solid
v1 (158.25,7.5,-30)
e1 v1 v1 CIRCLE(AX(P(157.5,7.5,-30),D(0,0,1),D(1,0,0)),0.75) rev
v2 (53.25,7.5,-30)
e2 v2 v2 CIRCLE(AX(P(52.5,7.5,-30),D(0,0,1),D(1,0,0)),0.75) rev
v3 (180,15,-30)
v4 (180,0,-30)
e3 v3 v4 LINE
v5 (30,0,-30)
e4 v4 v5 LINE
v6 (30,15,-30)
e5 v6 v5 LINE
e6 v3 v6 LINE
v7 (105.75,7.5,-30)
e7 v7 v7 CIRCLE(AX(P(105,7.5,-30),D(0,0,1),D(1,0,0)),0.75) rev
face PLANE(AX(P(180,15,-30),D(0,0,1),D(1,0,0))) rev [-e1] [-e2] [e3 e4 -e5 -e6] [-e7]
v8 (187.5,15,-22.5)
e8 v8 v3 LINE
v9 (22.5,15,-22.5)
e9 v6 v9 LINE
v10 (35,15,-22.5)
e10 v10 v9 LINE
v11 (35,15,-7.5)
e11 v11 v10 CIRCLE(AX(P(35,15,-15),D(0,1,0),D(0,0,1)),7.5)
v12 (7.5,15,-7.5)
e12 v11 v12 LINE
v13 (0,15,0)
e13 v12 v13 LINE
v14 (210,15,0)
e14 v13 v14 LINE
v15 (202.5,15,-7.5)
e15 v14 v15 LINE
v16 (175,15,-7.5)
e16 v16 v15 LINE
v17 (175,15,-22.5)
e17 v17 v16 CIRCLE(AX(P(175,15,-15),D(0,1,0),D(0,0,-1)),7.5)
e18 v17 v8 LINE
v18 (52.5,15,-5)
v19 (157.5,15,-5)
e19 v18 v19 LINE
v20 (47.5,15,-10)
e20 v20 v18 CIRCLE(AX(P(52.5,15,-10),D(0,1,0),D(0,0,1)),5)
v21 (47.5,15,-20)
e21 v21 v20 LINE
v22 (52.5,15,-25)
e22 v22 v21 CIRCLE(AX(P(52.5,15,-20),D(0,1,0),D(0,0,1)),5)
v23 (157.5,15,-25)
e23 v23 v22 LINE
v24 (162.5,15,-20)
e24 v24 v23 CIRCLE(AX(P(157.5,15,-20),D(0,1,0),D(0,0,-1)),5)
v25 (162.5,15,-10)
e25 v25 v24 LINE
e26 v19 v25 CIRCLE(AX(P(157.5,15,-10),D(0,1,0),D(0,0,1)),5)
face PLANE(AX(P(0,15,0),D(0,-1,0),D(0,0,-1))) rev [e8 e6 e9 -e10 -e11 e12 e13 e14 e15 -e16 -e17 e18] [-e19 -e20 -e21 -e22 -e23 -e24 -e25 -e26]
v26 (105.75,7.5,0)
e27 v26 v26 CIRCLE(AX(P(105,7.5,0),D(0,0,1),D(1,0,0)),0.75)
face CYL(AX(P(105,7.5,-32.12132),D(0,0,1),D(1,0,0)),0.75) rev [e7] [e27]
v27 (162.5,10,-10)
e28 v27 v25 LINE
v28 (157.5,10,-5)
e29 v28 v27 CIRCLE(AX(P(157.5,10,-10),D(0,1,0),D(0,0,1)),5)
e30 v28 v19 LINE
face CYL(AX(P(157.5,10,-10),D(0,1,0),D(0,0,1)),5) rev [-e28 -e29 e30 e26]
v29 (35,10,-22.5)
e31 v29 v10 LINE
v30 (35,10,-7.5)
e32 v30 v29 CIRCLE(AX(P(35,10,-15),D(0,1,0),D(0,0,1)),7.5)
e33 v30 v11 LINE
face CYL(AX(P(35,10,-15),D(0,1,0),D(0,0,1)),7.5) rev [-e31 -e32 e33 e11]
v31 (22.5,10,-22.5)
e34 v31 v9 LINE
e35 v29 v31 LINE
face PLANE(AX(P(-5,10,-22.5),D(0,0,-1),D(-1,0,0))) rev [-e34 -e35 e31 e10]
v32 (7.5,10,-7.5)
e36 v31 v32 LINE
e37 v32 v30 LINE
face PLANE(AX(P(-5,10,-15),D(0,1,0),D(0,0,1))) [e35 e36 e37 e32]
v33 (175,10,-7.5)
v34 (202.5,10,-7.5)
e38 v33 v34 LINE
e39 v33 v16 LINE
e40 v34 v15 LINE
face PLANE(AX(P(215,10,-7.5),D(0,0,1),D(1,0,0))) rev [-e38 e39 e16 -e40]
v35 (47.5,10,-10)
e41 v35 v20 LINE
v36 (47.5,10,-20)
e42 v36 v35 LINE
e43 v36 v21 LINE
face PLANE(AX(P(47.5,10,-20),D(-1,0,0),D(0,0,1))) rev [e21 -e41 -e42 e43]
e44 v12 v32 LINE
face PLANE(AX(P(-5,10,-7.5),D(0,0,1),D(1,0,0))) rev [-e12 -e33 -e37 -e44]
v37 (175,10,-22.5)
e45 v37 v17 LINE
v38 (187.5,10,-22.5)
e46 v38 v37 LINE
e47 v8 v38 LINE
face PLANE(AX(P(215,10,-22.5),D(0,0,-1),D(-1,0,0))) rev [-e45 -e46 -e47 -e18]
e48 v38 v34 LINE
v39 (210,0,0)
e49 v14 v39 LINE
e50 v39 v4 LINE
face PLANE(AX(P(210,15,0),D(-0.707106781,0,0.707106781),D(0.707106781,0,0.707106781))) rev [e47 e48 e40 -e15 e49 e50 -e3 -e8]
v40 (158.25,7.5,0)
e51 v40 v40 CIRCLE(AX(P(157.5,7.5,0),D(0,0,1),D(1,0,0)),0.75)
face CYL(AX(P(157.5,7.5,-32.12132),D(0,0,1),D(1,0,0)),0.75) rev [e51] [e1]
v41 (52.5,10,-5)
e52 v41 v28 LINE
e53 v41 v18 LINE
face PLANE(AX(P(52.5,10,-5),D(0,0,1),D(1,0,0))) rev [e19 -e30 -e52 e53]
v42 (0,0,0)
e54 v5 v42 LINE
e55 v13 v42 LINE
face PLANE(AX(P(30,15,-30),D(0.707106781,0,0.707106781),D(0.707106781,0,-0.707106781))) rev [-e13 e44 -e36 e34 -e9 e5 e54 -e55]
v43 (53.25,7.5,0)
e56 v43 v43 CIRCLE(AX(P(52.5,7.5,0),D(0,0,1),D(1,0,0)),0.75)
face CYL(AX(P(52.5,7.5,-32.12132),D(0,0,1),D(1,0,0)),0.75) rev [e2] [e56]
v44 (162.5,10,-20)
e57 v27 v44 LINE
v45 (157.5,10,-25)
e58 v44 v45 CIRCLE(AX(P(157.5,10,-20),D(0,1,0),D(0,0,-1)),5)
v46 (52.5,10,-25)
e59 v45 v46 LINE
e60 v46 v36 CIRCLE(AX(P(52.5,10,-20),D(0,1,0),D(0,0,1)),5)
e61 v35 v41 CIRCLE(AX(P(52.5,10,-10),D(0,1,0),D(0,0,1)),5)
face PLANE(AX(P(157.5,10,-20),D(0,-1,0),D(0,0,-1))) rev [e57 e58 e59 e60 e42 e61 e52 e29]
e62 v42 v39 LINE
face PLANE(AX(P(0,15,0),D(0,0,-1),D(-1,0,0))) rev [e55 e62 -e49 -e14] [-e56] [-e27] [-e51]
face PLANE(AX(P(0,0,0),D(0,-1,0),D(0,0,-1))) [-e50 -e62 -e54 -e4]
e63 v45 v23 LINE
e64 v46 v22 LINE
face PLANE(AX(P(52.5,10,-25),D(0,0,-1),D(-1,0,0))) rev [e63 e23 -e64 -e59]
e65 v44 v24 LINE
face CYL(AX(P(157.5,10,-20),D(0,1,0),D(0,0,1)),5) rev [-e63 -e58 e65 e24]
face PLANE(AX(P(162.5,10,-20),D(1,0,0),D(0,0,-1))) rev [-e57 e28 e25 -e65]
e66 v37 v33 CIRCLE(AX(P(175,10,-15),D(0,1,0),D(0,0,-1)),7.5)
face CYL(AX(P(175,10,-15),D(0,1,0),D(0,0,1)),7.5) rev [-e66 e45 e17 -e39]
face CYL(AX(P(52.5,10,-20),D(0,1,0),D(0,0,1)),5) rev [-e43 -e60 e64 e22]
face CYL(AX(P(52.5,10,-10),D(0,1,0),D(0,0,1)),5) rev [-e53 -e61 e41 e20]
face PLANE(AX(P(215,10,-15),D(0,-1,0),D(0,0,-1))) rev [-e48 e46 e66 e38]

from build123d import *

# Parameters (mm, degrees)
BOSS_EXTRUDE1_DEPTH = 15
CUT_EXTRUDE1_DEPTH  = 5
SKETCH3_R           = 0.75
CUT_EXTRUDE2_DEPTH  = 30
CUT_EXTRUDE3_DEPTH  = 5


with BuildPart() as part:
    # Sketch1 → Boss-Extrude1 (new body)
    with BuildSketch(Plane(origin=(0, 0, 0), x_dir=(1, 0, 0), z_dir=(0, 1, 0))):
        Polygon((0, 0), (210, 0), (180, 30), (30, 30), align=None)
    extrude(amount=BOSS_EXTRUDE1_DEPTH)

    # Sketch2 → Cut-Extrude1 (cut)
    with BuildSketch(Plane(origin=(0, 15, 0), x_dir=(1, 0, 0), z_dir=(0, 1, 0))):
        with BuildLine():
            Line((-5, 22.5), (35, 22.5))
            ThreePointArc((35, 22.5), (42.5, 15), (35, 7.5))
            Line((35, 7.5), (-5, 7.5))
            ThreePointArc((-5, 7.5), (-12.5, 15), (-5, 22.5))
        make_face()
        with BuildLine():
            Line((215, 22.5), (175, 22.5))
            ThreePointArc((175, 22.5), (167.5, 15), (175, 7.5))
            Line((175, 7.5), (215, 7.5))
            ThreePointArc((215, 7.5), (222.5, 15), (215, 22.5))
        make_face()
    extrude(amount=-CUT_EXTRUDE1_DEPTH, mode=Mode.SUBTRACT)

    # Sketch3 → Cut-Extrude2 (cut)
    with BuildSketch(Plane.XY):
        with Locations((105, 7.5)):
            Circle(SKETCH3_R)
        with Locations((52.5, 7.5)):
            Circle(SKETCH3_R)
        with Locations((157.5, 7.5)):
            Circle(SKETCH3_R)
    extrude(amount=-CUT_EXTRUDE2_DEPTH, mode=Mode.SUBTRACT)

    # Sketch4 → Cut-Extrude3 (cut)
    with BuildSketch(Plane(origin=(0, 15, 0), x_dir=(1, 0, 0), z_dir=(0, 1, 0))):
        with BuildLine():
            Line((52.5, 25), (157.5, 25))
            ThreePointArc((157.5, 25), (161.035533906, 23.535533906), (162.5, 20))
            Line((162.5, 20), (162.5, 10))
            ThreePointArc((162.5, 10), (161.035533906, 6.464466094), (157.5, 5))
            Line((157.5, 5), (52.5, 5))
            ThreePointArc((52.5, 5), (48.964466094, 6.464466094), (47.5, 10))
            Line((47.5, 10), (47.5, 20))
            ThreePointArc((47.5, 20), (48.964466094, 23.535533906), (52.5, 25))
        make_face()
    extrude(amount=-CUT_EXTRUDE3_DEPTH, mode=Mode.SUBTRACT)


solid = part.part
